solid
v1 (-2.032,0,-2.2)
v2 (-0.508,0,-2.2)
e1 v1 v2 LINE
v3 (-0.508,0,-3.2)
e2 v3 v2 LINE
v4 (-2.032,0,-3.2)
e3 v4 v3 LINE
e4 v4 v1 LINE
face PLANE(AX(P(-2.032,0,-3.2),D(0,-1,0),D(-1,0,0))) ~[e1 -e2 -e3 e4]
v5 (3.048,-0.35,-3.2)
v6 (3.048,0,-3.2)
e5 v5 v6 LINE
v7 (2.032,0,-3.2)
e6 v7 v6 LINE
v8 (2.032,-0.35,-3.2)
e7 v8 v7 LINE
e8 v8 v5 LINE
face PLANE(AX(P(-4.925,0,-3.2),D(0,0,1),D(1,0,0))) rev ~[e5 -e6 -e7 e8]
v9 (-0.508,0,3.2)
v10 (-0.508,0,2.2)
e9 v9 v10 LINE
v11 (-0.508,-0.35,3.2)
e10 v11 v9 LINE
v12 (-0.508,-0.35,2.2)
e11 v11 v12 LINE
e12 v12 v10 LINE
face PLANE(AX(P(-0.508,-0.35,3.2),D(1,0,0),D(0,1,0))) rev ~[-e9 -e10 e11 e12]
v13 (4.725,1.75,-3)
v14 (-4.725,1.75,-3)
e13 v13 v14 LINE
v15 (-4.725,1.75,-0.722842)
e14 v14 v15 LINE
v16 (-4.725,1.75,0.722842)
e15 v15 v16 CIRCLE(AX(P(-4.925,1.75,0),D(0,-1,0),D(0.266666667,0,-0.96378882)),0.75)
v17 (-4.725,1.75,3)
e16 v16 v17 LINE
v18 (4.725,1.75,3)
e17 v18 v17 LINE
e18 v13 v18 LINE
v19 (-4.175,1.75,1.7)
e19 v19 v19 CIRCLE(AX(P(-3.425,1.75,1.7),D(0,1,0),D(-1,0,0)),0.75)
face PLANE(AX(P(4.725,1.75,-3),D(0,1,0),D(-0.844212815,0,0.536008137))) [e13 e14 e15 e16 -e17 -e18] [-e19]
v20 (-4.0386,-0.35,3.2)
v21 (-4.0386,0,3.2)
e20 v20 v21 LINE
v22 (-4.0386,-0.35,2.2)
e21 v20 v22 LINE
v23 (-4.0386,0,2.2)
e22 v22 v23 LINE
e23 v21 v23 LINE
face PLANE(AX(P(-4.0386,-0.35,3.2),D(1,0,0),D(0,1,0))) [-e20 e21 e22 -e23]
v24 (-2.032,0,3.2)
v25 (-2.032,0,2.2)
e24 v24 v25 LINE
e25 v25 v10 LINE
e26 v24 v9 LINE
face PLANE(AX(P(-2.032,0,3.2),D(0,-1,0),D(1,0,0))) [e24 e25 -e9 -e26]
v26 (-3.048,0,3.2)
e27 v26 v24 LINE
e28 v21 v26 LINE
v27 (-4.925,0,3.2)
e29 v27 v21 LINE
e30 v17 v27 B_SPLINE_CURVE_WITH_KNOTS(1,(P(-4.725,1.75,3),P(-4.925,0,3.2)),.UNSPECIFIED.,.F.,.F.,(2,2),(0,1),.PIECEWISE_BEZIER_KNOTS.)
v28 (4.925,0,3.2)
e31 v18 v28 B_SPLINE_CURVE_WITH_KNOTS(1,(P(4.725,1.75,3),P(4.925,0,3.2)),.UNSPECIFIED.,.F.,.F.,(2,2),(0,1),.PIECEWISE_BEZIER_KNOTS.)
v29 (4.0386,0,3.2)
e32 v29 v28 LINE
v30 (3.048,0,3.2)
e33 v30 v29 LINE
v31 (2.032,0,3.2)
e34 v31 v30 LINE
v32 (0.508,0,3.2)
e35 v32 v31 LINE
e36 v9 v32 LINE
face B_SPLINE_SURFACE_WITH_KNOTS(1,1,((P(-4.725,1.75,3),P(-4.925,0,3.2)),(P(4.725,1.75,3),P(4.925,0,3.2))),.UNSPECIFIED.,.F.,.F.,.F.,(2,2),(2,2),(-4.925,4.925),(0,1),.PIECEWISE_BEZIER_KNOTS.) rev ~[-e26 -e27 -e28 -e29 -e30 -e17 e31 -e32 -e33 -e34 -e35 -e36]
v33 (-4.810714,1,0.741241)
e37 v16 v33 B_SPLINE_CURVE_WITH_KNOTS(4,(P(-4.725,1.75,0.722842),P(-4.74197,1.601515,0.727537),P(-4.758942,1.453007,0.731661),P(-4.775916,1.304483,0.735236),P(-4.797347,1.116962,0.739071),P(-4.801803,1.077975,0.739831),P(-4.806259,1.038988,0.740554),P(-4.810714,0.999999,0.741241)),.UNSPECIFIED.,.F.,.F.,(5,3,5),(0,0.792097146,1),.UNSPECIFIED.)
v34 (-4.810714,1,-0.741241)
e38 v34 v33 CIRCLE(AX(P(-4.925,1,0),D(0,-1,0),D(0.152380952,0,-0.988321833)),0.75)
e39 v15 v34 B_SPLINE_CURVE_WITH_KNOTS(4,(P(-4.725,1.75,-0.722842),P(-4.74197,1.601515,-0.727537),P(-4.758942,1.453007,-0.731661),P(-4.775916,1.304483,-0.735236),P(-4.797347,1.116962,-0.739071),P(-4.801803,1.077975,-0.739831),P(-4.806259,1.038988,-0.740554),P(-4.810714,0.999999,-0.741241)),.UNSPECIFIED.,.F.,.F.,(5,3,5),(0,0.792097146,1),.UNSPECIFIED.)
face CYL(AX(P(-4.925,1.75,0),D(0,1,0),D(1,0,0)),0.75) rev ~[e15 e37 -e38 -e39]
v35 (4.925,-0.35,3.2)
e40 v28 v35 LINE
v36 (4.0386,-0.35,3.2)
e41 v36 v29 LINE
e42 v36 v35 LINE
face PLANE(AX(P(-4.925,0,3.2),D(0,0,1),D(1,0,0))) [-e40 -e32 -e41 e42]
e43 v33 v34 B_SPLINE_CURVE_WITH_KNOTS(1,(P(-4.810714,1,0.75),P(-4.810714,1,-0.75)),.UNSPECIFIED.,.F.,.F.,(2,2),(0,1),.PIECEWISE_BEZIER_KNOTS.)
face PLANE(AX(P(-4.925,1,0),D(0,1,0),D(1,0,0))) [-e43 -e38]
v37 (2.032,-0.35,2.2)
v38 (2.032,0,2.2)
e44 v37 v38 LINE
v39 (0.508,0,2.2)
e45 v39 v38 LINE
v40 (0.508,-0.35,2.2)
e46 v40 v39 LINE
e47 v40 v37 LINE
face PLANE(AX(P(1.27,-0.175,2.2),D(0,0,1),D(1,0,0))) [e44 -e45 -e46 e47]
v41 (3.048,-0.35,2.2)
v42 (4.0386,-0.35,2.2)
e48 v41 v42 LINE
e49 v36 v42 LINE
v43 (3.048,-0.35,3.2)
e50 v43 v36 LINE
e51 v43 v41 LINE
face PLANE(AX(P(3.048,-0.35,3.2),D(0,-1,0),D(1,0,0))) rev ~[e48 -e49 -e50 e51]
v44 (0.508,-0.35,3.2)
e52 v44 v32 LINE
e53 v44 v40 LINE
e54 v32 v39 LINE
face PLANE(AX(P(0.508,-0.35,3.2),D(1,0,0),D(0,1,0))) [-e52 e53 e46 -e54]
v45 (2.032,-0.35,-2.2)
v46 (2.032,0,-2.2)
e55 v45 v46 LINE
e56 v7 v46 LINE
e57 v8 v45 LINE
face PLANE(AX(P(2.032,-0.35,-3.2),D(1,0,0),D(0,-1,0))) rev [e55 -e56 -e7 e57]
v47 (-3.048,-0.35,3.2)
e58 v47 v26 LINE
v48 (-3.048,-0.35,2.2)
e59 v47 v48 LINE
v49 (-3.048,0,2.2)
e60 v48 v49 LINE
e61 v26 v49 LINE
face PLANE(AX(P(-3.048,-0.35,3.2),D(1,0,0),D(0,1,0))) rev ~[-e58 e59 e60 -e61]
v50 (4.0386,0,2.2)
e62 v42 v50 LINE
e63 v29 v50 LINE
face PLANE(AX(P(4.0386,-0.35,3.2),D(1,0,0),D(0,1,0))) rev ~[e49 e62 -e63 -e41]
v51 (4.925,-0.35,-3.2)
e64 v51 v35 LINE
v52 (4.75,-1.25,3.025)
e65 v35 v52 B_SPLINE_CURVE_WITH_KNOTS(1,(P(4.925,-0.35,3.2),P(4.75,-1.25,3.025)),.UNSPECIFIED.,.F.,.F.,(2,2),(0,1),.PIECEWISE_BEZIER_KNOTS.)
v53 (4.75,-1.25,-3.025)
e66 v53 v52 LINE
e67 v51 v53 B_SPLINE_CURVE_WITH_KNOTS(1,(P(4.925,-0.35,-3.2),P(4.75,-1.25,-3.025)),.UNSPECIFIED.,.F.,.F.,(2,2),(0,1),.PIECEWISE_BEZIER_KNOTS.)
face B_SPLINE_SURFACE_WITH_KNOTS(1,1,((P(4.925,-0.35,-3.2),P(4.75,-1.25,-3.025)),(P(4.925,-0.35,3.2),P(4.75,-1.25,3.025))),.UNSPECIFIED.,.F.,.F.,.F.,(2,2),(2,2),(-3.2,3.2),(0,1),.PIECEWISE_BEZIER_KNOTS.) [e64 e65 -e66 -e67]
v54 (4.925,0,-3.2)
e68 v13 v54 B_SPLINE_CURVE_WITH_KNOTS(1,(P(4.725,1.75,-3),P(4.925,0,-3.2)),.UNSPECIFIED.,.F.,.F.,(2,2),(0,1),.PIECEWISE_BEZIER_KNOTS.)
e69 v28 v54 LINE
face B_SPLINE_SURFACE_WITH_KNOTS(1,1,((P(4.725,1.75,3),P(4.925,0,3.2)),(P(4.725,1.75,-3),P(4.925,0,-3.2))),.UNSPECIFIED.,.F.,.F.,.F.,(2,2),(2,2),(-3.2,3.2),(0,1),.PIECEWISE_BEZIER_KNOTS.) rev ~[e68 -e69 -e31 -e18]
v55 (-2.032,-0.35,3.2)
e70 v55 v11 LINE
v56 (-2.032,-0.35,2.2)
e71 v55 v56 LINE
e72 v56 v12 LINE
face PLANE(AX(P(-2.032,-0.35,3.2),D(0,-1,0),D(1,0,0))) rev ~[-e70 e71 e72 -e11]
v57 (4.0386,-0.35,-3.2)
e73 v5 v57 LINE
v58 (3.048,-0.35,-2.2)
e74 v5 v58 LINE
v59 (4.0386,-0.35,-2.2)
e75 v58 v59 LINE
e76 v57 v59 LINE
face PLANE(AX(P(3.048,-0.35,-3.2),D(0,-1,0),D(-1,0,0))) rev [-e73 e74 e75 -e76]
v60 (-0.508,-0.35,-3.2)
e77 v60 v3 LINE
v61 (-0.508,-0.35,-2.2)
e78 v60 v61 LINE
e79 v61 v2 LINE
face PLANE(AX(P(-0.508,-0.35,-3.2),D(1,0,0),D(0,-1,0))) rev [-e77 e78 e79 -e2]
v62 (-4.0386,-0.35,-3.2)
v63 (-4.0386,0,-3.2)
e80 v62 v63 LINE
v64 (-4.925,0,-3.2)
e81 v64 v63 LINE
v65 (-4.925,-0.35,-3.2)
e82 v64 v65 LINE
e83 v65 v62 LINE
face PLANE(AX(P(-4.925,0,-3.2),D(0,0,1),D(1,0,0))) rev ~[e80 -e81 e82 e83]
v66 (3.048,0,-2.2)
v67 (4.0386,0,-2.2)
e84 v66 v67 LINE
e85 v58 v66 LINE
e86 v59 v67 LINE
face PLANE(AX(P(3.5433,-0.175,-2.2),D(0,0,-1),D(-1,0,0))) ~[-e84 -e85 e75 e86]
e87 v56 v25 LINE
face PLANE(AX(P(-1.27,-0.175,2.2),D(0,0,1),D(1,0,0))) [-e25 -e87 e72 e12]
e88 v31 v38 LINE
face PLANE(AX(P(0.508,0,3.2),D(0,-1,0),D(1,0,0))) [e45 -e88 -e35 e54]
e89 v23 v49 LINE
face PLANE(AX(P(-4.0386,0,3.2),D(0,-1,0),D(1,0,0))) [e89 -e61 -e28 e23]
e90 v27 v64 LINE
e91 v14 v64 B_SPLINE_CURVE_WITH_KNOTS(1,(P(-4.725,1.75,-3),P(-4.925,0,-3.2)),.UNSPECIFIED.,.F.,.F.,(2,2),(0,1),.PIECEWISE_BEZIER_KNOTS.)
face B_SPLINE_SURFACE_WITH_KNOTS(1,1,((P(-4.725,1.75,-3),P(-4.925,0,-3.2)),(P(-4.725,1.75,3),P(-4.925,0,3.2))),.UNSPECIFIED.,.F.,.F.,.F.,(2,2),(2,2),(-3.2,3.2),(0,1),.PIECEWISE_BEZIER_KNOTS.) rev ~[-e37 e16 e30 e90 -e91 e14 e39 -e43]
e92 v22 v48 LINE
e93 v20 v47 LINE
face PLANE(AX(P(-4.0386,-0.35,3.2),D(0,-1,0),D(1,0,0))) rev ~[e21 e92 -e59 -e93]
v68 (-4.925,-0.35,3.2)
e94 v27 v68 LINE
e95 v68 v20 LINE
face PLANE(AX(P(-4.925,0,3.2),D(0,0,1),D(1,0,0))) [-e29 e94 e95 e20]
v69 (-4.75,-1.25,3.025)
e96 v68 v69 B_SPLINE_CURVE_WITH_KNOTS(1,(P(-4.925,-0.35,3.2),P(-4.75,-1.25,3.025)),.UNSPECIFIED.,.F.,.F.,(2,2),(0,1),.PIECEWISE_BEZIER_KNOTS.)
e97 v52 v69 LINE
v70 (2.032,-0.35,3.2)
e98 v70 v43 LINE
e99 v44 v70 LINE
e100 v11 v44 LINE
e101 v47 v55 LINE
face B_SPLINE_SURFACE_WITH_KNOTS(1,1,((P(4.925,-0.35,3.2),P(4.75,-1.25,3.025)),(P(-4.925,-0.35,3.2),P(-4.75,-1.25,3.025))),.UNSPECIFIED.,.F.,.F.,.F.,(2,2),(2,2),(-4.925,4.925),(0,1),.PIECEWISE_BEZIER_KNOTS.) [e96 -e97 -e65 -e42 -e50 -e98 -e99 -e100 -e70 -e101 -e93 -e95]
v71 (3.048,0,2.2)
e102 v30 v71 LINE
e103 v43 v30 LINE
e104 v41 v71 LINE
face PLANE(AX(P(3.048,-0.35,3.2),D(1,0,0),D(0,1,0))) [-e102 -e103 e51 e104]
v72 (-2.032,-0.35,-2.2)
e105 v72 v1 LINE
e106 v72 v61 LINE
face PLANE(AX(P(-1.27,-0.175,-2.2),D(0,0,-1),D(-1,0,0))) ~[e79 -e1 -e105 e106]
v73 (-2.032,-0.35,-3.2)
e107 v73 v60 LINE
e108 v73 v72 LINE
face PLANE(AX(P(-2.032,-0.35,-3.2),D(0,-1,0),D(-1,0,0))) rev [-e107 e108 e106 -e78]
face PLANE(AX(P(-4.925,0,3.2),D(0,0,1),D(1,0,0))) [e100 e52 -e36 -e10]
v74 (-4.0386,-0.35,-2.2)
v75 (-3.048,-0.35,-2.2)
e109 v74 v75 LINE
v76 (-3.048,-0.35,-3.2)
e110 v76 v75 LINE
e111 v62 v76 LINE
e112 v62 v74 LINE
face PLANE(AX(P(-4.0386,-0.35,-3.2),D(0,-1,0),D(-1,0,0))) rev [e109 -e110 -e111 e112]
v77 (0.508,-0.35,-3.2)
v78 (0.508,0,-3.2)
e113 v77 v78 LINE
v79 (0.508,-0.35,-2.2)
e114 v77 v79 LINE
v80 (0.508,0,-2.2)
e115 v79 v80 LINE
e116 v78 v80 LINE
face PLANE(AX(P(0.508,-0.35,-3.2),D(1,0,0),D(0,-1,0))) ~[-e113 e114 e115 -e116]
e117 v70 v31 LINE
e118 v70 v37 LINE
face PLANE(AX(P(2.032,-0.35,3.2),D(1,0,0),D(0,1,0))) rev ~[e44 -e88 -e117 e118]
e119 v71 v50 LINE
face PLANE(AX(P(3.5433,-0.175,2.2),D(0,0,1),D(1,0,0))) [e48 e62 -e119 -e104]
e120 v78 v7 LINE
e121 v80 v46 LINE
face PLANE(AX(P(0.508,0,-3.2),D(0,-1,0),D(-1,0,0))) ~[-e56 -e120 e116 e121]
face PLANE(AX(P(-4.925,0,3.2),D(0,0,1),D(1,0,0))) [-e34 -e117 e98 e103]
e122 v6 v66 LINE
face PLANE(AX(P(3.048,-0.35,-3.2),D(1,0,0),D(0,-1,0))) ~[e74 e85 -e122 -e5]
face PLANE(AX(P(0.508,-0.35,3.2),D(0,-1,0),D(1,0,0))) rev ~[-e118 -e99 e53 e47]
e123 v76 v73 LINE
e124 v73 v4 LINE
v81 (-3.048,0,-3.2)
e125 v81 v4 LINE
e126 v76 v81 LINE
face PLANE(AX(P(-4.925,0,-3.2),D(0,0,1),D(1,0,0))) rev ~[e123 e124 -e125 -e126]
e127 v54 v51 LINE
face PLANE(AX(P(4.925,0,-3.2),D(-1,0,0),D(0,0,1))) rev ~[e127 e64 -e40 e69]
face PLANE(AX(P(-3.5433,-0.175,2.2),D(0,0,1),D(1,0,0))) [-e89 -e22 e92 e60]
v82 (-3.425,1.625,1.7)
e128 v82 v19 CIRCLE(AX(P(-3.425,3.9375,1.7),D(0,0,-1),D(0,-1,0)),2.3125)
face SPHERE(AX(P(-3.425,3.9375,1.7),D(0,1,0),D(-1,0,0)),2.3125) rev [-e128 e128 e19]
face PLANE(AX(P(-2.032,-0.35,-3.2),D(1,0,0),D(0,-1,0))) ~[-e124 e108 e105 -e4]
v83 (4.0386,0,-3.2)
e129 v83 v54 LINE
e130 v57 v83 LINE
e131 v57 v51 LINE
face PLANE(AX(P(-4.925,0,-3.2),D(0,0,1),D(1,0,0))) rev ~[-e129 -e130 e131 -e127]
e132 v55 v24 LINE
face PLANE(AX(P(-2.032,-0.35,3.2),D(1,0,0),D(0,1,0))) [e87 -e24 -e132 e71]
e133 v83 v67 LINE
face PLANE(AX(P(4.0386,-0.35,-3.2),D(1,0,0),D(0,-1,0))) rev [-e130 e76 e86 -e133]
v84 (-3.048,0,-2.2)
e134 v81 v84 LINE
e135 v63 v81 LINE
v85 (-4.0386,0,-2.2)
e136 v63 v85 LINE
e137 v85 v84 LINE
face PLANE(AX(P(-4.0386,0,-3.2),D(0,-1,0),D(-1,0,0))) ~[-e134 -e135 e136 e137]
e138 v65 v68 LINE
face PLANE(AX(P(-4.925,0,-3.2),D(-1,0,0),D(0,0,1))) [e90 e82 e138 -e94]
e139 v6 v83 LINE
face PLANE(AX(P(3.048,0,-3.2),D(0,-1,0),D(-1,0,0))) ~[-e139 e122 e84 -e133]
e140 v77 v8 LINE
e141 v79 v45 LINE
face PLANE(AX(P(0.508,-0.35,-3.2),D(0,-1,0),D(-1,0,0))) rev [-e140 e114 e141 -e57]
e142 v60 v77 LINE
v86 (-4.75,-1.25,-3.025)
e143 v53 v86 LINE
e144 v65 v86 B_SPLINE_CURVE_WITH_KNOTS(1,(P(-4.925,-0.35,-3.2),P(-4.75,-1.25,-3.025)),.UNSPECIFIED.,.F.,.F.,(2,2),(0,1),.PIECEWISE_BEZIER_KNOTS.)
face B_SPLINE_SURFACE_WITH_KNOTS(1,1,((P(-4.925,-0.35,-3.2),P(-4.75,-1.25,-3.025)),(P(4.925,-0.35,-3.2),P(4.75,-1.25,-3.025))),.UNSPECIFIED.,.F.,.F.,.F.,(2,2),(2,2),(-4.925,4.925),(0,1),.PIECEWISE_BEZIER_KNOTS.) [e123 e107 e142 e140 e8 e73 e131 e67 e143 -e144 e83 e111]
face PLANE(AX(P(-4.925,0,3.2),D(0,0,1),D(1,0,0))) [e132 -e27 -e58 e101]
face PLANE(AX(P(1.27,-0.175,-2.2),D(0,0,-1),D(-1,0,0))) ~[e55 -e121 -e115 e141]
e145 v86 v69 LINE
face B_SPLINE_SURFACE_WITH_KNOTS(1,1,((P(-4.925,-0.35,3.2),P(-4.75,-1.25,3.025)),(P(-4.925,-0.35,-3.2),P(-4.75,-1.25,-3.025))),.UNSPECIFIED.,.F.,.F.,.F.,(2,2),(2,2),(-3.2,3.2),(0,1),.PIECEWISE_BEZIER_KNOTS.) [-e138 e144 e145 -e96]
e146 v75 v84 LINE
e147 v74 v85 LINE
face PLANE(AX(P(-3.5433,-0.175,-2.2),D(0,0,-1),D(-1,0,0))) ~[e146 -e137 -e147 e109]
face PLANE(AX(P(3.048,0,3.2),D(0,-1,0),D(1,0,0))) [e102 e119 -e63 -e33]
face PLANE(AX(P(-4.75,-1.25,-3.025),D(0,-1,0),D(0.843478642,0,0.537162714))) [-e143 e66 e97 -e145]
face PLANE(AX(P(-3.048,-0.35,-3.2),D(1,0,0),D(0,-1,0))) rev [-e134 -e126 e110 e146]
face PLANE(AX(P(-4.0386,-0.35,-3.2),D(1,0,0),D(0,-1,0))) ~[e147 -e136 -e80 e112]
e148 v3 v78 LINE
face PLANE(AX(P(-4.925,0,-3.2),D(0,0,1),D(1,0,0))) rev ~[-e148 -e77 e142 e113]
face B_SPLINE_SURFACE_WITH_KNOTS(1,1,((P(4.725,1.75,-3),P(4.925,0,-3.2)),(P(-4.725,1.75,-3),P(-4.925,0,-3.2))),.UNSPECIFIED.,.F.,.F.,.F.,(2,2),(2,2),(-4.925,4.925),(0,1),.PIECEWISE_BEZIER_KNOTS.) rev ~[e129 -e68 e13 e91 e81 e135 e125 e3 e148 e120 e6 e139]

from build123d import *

# Parameters (mm, degrees)
SKETCH2_W      = 9.45
SKETCH2_H      = 6
SKETCH1_W      = 9.85
SKETCH1_H      = 6.4
SKETCH3_W      = 9.85
SKETCH3_H      = 6.4
EXTRUDE1_DEPTH = 0.35
SKETCH4_W      = 9.85
SKETCH4_H      = 6.4
SKETCH5_W      = 9.5
SKETCH5_H      = 6.05
SKETCH7_R      = 0.75
EXTRUDE2_DEPTH = 0.75
SKETCH11_W     = 1.524
SKETCH11_H     = 0.35
SKETCH11_W_2   = 0.9906
EXTRUDE3_DEPTH = 1


with BuildPart() as part:
    # Sketch2 → Loft1 section 0
    with BuildSketch(Plane(origin=(0, 1.75, 0), x_dir=(-1, 0, 0), z_dir=(0, 1, 0))):
        Rectangle(SKETCH2_W, SKETCH2_H)
    # Sketch1 → Loft1 section 1
    with BuildSketch(Plane(origin=(0, 0, 0), x_dir=(1, 0, 0), z_dir=(0, 1, 0))):
        Rectangle(SKETCH1_W, SKETCH1_H)
    loft()

    # Sketch3 → Extrude1 (add)
    with BuildSketch(Plane.XZ):
        Rectangle(SKETCH3_W, SKETCH3_H)
    extrude(amount=EXTRUDE1_DEPTH)

    # Sketch4 → Loft2 section 0
    with BuildSketch(Plane.XZ.offset(0.35)):
        Rectangle(SKETCH4_W, SKETCH4_H)
    # Sketch5 → Loft2 section 1
    with BuildSketch(Plane(origin=(0, -1.25, 0), x_dir=(-1, 0, 0), z_dir=(0, 1, 0))):
        Rectangle(SKETCH5_W, SKETCH5_H)
    loft()

    # Sketch7 → Extrude2 (cut)
    with BuildSketch(Plane(origin=(0, 1.75, 0), x_dir=(1, 0, 0), z_dir=(0, 1, 0))):
        with Locations((-4.925, 0)):
            Circle(SKETCH7_R)
    extrude(amount=-EXTRUDE2_DEPTH, mode=Mode.SUBTRACT)

    # Sketch10 → Cut-Revolve1 (revolve, cut)
    with BuildSketch(Plane.XY.offset(1.7)):
        with BuildLine():
            Line((-3.425, 6.25), (-3.425, 1.625))
            ThreePointArc((-3.425, 1.625), (-5.7375, 3.9375), (-3.425, 6.25))
        make_face()
    revolve(axis=Axis((-3.425, 6.25, 1.7), (0, -1, 0)), mode=Mode.SUBTRACT)

    # Sketch11 → Extrude3 (cut)
    with BuildSketch(Plane.XY.offset(3.2)):
        with Locations((-1.27, -0.175)):
            Rectangle(SKETCH11_W, SKETCH11_H)
        with Locations((1.27, -0.175)):
            Rectangle(SKETCH11_W, SKETCH11_H)
        with Locations((3.5433, -0.175)):
            Rectangle(SKETCH11_W_2, SKETCH11_H)
        with Locations((-3.5433, -0.175)):
            Rectangle(SKETCH11_W_2, SKETCH11_H)
    extrude3 = extrude(amount=-EXTRUDE3_DEPTH, mode=Mode.SUBTRACT)

    # Mirror1: Extrude3 across plane
    add(extrude3.mirror(Plane.XY), mode=Mode.SUBTRACT)


solid = part.part
